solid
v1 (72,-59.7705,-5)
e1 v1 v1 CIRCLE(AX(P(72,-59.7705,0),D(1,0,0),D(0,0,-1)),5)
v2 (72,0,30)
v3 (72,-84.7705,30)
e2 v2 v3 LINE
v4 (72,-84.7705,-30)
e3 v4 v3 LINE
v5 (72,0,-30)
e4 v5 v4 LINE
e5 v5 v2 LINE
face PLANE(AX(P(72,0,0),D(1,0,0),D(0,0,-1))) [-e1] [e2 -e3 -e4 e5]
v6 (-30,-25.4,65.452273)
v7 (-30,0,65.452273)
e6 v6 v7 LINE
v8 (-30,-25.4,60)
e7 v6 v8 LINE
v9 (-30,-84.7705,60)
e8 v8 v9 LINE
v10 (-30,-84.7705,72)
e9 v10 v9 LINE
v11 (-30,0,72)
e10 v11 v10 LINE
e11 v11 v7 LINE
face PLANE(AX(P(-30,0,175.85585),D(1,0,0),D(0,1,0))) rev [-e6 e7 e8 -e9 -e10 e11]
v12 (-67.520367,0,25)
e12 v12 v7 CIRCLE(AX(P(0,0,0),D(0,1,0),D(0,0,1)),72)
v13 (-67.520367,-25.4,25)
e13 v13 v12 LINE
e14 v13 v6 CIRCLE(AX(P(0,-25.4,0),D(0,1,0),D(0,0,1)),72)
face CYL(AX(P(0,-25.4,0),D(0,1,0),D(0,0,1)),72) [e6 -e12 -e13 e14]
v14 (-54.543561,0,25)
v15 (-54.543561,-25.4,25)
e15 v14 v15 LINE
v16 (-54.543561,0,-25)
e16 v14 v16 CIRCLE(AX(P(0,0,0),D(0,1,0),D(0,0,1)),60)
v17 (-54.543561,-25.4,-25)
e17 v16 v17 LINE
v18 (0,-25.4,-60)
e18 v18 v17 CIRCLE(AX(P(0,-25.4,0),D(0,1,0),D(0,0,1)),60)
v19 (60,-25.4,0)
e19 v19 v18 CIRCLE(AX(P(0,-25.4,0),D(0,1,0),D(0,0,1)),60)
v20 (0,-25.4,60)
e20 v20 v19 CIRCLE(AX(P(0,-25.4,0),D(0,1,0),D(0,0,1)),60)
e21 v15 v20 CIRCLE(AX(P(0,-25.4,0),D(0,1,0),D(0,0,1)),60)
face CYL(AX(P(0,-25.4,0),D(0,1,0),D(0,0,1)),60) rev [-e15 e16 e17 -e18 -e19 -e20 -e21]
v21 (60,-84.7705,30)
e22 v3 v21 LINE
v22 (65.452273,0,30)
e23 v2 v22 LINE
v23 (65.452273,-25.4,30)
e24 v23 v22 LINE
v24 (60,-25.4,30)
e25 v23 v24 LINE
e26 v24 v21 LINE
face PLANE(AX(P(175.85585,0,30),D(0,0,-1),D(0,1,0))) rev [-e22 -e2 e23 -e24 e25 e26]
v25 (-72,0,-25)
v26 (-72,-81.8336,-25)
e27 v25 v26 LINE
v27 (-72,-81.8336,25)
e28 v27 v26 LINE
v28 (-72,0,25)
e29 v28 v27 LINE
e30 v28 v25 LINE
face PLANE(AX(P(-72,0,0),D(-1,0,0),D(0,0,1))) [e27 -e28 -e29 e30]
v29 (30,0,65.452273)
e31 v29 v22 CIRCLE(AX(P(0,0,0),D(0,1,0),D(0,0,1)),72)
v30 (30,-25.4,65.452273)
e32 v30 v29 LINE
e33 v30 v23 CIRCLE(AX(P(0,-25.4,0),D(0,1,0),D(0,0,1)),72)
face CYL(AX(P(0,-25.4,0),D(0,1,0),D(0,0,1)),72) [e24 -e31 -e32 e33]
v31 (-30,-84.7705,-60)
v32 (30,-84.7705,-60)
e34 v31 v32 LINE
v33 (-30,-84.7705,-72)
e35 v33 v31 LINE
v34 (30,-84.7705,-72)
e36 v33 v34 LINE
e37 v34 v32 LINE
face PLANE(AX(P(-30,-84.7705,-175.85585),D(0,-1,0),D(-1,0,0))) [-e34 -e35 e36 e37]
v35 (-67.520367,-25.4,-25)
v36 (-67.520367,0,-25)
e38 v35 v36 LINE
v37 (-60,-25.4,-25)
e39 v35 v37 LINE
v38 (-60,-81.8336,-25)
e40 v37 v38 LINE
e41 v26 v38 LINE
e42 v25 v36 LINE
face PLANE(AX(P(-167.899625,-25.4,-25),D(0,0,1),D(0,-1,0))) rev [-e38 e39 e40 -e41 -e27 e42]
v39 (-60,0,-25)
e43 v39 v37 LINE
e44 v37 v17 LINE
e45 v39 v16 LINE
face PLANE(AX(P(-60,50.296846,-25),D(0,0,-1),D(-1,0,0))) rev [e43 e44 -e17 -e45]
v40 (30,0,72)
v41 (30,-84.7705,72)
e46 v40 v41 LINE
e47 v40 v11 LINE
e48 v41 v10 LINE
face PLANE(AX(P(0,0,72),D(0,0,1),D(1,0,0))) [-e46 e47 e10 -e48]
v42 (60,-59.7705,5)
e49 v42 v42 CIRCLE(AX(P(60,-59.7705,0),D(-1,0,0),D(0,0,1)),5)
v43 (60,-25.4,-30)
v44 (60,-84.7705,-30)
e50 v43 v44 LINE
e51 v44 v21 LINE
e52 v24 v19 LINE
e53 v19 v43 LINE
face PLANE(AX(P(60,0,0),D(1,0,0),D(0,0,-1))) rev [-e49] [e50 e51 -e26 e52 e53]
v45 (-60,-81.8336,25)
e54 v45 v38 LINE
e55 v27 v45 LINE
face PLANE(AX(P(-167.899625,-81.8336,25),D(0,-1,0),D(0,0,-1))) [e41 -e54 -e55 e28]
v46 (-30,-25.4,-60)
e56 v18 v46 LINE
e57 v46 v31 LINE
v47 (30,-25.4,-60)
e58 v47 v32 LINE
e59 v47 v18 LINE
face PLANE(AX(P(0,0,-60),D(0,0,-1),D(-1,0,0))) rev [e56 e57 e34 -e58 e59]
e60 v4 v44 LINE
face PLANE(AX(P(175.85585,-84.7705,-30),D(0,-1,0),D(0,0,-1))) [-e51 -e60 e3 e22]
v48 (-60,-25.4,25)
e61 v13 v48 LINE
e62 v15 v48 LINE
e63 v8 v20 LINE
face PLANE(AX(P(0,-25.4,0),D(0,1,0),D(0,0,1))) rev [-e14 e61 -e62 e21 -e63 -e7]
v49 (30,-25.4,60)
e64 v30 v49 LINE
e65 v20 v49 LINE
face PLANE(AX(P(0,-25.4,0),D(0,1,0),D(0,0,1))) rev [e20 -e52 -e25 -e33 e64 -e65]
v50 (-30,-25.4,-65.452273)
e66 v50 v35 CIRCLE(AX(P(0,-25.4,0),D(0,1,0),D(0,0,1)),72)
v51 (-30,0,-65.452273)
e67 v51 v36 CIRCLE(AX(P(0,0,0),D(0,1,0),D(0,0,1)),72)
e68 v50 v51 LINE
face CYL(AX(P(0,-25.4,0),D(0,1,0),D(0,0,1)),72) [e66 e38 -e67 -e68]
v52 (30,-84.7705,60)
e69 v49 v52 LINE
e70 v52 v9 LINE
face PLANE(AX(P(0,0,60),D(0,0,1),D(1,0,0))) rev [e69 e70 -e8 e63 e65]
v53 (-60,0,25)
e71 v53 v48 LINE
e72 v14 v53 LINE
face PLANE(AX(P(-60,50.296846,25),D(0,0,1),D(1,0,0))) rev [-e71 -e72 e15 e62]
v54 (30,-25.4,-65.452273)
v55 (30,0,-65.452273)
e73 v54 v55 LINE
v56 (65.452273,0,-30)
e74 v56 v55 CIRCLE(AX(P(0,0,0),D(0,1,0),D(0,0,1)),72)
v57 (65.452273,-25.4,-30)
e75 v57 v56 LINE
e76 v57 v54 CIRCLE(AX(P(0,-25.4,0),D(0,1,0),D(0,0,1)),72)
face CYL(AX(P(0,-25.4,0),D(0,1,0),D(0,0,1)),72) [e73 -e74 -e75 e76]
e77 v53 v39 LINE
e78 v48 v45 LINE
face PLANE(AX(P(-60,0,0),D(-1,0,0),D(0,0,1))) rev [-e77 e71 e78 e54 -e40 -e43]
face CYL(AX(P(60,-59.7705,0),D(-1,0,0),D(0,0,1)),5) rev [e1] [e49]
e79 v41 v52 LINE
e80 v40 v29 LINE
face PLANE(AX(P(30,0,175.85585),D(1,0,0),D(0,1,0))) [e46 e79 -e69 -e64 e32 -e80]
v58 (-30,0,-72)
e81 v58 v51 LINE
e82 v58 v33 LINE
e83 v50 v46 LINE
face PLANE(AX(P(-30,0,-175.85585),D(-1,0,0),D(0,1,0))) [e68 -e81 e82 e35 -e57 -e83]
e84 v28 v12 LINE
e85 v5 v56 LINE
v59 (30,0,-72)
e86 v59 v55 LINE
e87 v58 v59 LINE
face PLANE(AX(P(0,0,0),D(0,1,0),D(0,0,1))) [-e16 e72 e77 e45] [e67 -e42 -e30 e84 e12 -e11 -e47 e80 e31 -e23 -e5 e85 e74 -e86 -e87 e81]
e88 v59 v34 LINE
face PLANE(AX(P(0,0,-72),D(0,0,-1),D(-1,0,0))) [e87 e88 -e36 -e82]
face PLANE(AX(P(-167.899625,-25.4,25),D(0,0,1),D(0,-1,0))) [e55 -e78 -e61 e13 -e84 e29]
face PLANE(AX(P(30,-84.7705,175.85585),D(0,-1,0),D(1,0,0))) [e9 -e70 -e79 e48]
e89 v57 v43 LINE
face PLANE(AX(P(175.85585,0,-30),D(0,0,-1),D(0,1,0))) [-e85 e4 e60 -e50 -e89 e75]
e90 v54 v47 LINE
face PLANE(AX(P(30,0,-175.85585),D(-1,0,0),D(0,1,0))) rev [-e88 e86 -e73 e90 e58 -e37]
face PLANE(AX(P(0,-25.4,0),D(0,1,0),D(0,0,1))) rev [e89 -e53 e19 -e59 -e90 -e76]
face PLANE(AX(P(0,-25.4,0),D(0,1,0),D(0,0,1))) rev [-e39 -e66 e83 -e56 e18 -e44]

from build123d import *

# Parameters (mm, degrees)
SKETCH1_R                       = 72
SKETCH1_R_2                     = 60
BOSS_EXTRUDE1_DEPTH             = 25.4
BOSS_EXTRUDE4_DEPTH             = 12
CUT_EXTRUDE1_DEPTH              = 25.4
SKETCH8_W                       = 60
SKETCH8_H                       = 84.7705
BOSS_EXTRUDE5_DEPTH             = 12
CIRPATTERN4_COUNT               = 2
CIRPATTERN4_ANGLE               = 90
CIRPATTERN4_THE_OTHER_WAY_COUNT = 2
CIRPATTERN4_THE_OTHER_WAY_ANGLE = 90
M8_CLEARANCE_HOLE1_D            = 10
M8_CLEARANCE_HOLE1_DEPTH        = 12


with BuildPart() as part:
    # Sketch1 → Boss-Extrude1 (new body)
    with BuildSketch(Plane(origin=(0, 0, 0), x_dir=(1, 0, 0), z_dir=(0, 1, 0))):
        Circle(SKETCH1_R)
        Circle(SKETCH1_R_2, mode=Mode.SUBTRACT)
    extrude(amount=-BOSS_EXTRUDE1_DEPTH)

    # Sketch7 → Boss-Extrude4 (add)
    with BuildSketch(Plane(origin=(-60, 0, 0), x_dir=(0, 0, -1), z_dir=(1, 0, 0))):
        Polygon((-25, -25.4), (-25, -81.8336), (25, -81.8336), (25, -25.4), (25, 0), (-25, 0), align=None)
    extrude(amount=-BOSS_EXTRUDE4_DEPTH)

    # Sketch15 → Cut-Extrude1 (cut)
    with BuildSketch(Plane.XZ.offset(25.4)):
        Polygon((-60, 25), (-54.543560573, 25), (-54.543560573, -25), (-60, -25), (-60, 0), align=None)
    extrude(amount=-CUT_EXTRUDE1_DEPTH, mode=Mode.SUBTRACT)

    # Sketch8 → Boss-Extrude5 (add)
    with BuildSketch(Plane.ZY.offset(-60)):
        with Locations((0, -42.38525)):
            Rectangle(SKETCH8_W, SKETCH8_H)
    boss_extrude5 = extrude(amount=-BOSS_EXTRUDE5_DEPTH)

    # CirPattern4: Boss-Extrude5 ×2 about axis
    cirpattern4_axis = Axis((0, 0, 0), (0, 1, 0))
    for i in range(1, CIRPATTERN4_COUNT):
        add(boss_extrude5.rotate(cirpattern4_axis, i * CIRPATTERN4_ANGLE / (CIRPATTERN4_COUNT - 1)))

    # CirPattern4 the other way: Boss-Extrude5 ×2 about axis
    cirpattern4_the_other_way_axis = Axis((0, 0, 0), (0, -1, 0))
    for i in range(1, CIRPATTERN4_THE_OTHER_WAY_COUNT):
        add(boss_extrude5.rotate(cirpattern4_the_other_way_axis, i * CIRPATTERN4_THE_OTHER_WAY_ANGLE / (CIRPATTERN4_THE_OTHER_WAY_COUNT - 1)))

    # M8 Clearance Hole1
    with Locations(Plane.ZY.offset(-60)):
        with Locations((0, -59.7705)):
            Hole(M8_CLEARANCE_HOLE1_D / 2, depth=M8_CLEARANCE_HOLE1_DEPTH)


solid = part.part
